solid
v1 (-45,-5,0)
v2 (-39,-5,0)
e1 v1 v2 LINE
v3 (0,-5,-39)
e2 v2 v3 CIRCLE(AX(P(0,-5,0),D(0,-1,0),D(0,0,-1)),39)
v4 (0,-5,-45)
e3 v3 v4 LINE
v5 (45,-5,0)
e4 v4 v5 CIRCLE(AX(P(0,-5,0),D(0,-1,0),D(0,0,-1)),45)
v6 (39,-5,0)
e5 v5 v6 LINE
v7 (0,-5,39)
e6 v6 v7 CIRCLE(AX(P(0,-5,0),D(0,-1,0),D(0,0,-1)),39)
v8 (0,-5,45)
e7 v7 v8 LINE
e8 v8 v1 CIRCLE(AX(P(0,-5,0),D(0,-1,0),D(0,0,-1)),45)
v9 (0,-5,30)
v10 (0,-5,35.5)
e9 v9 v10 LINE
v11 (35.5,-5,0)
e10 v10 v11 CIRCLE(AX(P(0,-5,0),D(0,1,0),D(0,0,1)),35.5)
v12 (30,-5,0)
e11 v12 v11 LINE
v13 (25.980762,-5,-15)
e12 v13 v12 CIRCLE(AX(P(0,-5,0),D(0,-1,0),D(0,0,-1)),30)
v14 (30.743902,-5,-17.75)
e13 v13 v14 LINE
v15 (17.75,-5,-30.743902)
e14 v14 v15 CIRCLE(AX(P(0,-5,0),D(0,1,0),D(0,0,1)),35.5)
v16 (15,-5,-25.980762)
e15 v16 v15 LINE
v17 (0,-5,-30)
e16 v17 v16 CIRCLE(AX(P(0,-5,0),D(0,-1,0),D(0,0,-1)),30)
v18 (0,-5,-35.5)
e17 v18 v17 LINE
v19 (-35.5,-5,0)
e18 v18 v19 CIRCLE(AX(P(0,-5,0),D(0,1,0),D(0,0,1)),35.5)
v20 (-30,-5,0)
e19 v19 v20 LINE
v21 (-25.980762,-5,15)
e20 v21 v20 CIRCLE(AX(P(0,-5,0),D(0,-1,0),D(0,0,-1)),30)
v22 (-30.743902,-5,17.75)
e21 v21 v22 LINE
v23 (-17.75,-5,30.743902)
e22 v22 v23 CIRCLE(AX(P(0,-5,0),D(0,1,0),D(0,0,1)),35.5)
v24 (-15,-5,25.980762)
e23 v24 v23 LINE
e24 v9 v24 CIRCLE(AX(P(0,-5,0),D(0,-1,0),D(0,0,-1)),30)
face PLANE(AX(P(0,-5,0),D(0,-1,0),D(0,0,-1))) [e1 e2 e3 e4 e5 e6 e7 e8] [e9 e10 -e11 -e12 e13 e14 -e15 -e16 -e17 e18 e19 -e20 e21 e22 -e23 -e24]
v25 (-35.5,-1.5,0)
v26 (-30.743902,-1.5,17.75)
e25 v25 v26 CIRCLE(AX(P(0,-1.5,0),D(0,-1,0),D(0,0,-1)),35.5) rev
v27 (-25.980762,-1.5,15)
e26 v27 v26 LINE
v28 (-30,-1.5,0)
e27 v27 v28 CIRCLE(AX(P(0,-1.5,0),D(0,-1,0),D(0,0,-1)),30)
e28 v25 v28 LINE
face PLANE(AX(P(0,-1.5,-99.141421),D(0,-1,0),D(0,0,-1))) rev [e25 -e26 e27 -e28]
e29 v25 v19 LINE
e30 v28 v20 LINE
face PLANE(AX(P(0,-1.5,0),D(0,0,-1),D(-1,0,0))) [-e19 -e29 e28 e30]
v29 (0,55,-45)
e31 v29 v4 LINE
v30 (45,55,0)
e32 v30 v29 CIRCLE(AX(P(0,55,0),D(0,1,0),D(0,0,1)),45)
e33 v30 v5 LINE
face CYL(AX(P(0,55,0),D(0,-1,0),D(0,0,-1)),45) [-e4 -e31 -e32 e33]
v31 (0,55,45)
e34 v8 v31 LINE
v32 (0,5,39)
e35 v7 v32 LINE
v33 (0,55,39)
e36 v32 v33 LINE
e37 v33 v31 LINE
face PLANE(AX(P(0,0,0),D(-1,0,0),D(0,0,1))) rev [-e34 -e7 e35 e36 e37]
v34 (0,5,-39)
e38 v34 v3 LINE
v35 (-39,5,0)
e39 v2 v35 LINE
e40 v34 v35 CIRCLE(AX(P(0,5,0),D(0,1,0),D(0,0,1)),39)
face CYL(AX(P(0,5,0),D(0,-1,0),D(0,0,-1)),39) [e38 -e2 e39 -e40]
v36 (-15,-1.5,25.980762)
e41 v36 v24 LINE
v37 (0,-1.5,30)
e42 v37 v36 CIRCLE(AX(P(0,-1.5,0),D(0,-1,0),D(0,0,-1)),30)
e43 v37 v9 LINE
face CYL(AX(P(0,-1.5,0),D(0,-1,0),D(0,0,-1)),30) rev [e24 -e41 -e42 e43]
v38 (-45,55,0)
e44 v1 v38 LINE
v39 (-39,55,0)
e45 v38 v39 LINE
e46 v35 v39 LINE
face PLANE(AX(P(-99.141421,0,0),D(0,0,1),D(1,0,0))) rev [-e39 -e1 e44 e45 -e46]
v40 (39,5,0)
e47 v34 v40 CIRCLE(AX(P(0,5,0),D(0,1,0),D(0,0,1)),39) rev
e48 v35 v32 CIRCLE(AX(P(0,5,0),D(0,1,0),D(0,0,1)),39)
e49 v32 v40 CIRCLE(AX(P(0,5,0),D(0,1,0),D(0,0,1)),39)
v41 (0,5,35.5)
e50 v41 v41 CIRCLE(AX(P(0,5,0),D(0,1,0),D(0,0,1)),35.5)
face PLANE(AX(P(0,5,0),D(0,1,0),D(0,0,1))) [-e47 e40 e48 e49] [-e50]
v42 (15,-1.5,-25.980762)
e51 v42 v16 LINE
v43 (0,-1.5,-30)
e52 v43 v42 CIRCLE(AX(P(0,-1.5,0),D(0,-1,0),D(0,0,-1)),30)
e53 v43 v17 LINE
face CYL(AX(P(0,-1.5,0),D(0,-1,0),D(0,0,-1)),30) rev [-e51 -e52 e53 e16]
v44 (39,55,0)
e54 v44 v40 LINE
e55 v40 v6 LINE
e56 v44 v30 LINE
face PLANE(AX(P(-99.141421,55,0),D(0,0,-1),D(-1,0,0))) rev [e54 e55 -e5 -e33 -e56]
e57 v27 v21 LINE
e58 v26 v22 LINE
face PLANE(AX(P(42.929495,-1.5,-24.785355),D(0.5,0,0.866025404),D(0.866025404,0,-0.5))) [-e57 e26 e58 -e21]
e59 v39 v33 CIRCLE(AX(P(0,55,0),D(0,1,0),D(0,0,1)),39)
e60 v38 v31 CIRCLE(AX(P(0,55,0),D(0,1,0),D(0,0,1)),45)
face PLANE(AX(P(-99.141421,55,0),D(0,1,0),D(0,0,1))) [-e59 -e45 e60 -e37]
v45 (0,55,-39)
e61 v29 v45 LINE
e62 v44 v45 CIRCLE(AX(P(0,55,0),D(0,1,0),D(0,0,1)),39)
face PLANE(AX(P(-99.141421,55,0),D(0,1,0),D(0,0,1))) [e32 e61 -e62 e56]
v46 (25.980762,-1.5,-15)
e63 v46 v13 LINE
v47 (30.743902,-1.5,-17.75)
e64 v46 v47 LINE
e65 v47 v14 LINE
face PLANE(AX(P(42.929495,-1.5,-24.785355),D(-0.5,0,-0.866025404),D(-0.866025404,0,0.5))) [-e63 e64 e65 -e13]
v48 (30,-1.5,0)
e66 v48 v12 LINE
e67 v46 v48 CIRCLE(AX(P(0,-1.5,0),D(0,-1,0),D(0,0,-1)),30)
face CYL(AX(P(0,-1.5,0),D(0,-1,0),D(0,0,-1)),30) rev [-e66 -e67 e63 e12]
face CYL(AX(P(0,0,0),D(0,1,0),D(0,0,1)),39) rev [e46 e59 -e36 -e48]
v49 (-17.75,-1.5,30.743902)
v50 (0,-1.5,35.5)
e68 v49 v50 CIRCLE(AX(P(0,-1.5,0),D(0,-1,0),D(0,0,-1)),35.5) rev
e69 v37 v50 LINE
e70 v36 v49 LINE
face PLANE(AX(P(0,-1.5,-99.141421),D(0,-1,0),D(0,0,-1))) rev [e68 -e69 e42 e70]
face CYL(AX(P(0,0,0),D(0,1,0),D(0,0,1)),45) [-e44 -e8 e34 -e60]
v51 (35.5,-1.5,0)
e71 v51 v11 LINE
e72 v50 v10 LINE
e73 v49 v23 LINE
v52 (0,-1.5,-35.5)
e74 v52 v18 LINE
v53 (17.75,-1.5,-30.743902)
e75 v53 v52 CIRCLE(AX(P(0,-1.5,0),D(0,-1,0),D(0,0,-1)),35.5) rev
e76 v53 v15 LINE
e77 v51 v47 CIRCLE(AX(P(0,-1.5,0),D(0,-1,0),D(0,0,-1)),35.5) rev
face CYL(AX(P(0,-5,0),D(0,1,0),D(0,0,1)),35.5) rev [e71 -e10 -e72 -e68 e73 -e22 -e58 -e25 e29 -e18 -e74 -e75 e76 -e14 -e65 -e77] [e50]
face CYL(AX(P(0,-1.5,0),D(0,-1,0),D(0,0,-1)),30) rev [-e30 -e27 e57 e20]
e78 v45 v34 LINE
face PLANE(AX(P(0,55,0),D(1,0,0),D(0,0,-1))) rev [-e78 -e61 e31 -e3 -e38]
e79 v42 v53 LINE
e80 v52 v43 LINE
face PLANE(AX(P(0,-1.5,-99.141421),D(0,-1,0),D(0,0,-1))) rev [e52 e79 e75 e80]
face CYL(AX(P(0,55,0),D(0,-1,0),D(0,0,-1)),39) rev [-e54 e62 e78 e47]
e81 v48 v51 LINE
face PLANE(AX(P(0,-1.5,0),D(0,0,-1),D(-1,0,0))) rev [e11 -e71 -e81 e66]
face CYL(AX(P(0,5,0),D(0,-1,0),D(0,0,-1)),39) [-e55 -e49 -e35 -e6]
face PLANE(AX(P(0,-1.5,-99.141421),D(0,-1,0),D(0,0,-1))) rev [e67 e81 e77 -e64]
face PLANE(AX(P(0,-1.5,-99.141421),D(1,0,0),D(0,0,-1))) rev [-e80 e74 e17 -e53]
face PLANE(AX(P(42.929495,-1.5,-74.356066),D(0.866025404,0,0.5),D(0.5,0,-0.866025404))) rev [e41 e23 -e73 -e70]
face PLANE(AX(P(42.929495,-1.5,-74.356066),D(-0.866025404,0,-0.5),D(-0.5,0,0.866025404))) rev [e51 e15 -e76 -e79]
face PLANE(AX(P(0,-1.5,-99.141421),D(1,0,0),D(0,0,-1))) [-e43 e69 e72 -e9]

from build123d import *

# Parameters (mm, degrees)
ESBO_O1_R            = 39
EXTRUS_O1_DEPTH      = 5
EXTRUS_O2_DEPTH      = 50
EXTRUS_O2_DEPTH_BACK = 5
EXTRUS_O11_START     = 5
EXTRUS_O11_DEPTH     = 5
ESBO_O7_R            = 35.5
EXTRUS_O12_DEPTH     = 10
EXTRUS_O13_START     = -3.5
EXTRUS_O13_DEPTH     = 3.5


with BuildPart() as part:
    # Esboço1 → Extrusão1 (new body)
    with BuildSketch(Plane(origin=(0, 0, 0), x_dir=(1, 0, 0), z_dir=(0, 1, 0))):
        with Locations(Location((0, 0, 0), (0, 0, 270))):
            Circle(ESBO_O1_R)
    extrude(amount=EXTRUS_O1_DEPTH)

    # Esboço3 → Extrusão2 (add, two sides: drawn at the far end of the back side and taken through both)
    with BuildSketch(Plane(origin=(0, 5, 0), x_dir=(-1, 0, 0), z_dir=(0, 1, 0)).offset(-EXTRUS_O2_DEPTH_BACK)):
        with BuildLine():
            Line((39, 0), (45, 0))
            ThreePointArc((45, 0), (31.819805153, 31.819805153), (0, 45))
            Line((0, 45), (0, 39))
            ThreePointArc((0, 39), (27.577164466, 27.577164466), (39, 0))
        make_face()
        with BuildLine():
            Line((0, -45), (0, -39))
            ThreePointArc((0, -39), (-27.577164466, -27.577164466), (-39, 0))
            Line((-39, 0), (-45, 0))
            ThreePointArc((-45, 0), (-31.819805153, -31.819805153), (0, -45))
        make_face()
    extrude(amount=EXTRUS_O2_DEPTH + EXTRUS_O2_DEPTH_BACK)

    # Esboço5 → Extrusão11 (add)
    with BuildSketch(Plane.XZ.offset(EXTRUS_O11_START)):
        with BuildLine():
            Line((0, 45), (0, 39))
            ThreePointArc((0, 39), (27.577164466, 27.577164466), (39, 0))
            Line((39, 0), (45, 0))
            ThreePointArc((45, 0), (31.819805153, -31.819805153), (0, -45))
            Line((0, -45), (0, -39))
            ThreePointArc((0, -39), (-27.577164466, -27.577164466), (-39, 0))
            Line((-39, 0), (-45, 0))
            ThreePointArc((-45, 0), (-31.819805153, 31.819805153), (0, 45))
        make_face()
    extrude(amount=-EXTRUS_O11_DEPTH)

    # Esboço7 → Extrusão12 (cut)
    with BuildSketch(Plane(origin=(0, 5, 0), x_dir=(1, 0, 0), z_dir=(0, 1, 0))):
        with Locations(Location((0, 0, 0), (0, 0, 270))):
            Circle(ESBO_O7_R)
    extrude(amount=-EXTRUS_O12_DEPTH, mode=Mode.SUBTRACT)

    # Esboço8 → Extrusão13 (add)
    with BuildSketch(Plane.XZ.offset(5).offset(EXTRUS_O13_START)):
        with BuildLine():
            ThreePointArc((0, 35.5), (-9.188076101, 34.290366833), (-17.75, 30.743901834))
            Line((-17.75, 30.743901834), (-15, 25.980762114))
            ThreePointArc((-15, 25.980762114), (-7.764571353, 28.977774789), (0, 30))
            Line((0, 30), (0, 35.5))
        make_face()
        with BuildLine():
            ThreePointArc((-30.743901834, 17.75), (-34.290366833, 9.188076101), (-35.5, 0))
            Line((-35.5, 0), (-30, 0))
            ThreePointArc((-30, 0), (-28.977774789, 7.764571353), (-25.980762114, 15))
            Line((-25.980762114, 15), (-30.743901834, 17.75))
        make_face()
        with BuildLine():
            Line((0, -30), (0, -35.5))
            ThreePointArc((0, -35.5), (9.188076101, -34.290366833), (17.75, -30.743901834))
            Line((17.75, -30.743901834), (15, -25.980762114))
            ThreePointArc((15, -25.980762114), (7.764571353, -28.977774789), (0, -30))
        make_face()
        with BuildLine():
            Line((25.980762114, -15), (30.743901834, -17.75))
            ThreePointArc((30.743901834, -17.75), (34.290366833, -9.188076101), (35.5, 0))
            Line((35.5, 0), (30, 0))
            ThreePointArc((30, 0), (28.977774789, -7.764571353), (25.980762114, -15))
        make_face()
    extrude(amount=EXTRUS_O13_DEPTH)


solid = part.part
